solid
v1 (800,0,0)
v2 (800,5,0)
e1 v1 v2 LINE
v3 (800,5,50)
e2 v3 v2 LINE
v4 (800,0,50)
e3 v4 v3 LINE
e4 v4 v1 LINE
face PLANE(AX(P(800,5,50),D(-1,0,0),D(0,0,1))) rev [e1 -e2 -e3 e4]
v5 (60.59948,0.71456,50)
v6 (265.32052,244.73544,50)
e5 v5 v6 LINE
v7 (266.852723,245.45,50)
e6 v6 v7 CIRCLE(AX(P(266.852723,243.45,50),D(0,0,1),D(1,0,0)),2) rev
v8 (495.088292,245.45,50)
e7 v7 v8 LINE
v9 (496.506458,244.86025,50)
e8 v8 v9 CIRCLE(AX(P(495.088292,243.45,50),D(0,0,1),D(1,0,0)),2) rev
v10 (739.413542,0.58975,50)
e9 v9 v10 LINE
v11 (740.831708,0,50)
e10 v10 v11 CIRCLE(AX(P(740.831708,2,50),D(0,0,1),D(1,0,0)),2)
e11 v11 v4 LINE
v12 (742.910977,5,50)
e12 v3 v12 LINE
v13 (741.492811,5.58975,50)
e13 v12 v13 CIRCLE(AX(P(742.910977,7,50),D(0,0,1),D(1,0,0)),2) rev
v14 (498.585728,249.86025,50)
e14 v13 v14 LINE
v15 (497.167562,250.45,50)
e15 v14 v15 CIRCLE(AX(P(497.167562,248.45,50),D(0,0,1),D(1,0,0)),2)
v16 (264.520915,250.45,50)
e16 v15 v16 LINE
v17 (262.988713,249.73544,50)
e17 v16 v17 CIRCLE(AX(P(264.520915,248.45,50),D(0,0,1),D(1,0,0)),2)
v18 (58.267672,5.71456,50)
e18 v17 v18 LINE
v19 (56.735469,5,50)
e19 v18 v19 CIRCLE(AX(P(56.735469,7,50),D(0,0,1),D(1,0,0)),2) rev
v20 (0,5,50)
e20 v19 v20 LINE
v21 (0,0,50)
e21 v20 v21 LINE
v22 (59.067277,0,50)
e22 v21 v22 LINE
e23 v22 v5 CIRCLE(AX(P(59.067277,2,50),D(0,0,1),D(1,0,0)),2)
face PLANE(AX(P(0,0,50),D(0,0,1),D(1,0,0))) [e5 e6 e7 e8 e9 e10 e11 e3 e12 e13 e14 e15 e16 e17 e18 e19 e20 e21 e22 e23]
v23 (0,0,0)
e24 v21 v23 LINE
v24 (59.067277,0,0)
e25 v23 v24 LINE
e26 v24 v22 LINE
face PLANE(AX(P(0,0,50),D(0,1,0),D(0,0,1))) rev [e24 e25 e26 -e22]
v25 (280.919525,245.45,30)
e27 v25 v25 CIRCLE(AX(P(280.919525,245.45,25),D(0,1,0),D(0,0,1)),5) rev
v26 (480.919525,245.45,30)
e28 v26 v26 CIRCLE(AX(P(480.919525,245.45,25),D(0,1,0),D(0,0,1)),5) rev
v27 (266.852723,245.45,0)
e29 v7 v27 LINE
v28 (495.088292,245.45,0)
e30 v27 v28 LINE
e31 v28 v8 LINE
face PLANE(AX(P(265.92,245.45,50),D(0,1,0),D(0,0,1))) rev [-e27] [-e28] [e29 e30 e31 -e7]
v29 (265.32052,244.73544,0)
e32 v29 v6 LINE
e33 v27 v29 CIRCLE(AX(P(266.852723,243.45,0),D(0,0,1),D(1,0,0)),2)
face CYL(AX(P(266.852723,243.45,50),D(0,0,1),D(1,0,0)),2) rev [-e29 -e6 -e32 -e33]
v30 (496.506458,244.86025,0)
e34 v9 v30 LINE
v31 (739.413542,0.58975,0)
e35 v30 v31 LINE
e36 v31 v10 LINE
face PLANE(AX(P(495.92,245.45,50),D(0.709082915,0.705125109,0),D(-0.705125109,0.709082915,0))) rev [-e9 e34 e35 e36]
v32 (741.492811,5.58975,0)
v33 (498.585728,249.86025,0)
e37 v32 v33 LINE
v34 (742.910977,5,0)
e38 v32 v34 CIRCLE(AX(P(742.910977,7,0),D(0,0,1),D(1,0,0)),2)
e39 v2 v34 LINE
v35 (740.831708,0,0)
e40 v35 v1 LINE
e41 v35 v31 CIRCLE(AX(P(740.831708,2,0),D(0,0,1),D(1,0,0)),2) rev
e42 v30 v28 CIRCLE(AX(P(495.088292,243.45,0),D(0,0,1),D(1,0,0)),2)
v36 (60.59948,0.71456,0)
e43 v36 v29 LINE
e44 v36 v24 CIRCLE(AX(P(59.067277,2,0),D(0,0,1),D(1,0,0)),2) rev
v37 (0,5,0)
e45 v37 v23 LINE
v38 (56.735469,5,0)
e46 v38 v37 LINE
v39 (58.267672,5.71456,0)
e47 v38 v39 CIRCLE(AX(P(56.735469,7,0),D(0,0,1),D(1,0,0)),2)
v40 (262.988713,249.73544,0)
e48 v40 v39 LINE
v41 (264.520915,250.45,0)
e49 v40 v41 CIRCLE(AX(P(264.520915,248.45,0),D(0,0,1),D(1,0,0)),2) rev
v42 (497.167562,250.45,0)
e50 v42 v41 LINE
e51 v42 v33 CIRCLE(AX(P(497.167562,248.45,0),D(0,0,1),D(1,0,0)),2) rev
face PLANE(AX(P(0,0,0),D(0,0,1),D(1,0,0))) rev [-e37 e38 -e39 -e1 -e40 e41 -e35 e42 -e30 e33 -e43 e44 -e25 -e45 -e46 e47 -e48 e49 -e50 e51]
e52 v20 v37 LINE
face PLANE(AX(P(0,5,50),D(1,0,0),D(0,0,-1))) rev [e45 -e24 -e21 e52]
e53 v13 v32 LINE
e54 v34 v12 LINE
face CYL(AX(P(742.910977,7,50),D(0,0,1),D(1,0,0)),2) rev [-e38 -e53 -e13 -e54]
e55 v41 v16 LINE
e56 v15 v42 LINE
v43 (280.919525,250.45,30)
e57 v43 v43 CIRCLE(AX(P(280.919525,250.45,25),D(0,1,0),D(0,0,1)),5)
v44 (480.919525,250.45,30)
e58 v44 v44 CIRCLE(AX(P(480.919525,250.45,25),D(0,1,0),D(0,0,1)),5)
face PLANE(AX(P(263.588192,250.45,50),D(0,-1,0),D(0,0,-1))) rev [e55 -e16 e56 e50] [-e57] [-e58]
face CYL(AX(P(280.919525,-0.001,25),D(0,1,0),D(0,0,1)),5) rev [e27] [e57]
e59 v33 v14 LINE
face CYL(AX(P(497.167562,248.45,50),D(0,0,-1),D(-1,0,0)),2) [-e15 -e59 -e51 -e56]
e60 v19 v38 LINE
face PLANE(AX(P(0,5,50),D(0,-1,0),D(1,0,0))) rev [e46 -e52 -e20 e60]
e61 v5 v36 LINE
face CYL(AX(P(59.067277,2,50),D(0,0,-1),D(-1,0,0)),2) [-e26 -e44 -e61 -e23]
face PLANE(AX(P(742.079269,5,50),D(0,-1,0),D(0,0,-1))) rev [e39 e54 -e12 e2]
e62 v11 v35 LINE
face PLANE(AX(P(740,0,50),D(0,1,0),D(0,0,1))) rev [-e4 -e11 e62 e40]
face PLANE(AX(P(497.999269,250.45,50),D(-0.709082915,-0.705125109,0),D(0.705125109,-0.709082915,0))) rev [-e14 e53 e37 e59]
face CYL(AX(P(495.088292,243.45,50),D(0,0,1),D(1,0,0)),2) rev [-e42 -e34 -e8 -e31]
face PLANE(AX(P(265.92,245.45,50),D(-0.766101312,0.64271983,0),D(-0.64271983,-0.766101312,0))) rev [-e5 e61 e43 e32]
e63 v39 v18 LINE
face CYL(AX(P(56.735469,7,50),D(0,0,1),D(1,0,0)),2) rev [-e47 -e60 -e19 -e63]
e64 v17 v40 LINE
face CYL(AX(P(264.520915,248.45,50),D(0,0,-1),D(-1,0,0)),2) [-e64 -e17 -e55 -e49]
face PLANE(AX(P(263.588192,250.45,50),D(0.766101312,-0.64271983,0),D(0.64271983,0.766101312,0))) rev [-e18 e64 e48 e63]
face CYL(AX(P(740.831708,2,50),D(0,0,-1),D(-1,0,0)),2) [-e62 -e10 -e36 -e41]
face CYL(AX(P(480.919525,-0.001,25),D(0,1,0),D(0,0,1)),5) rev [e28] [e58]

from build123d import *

# Parameters (mm, degrees)
DODANIE_WYCI_GNI_CIE1_DEPTH = 50
ZAOKR_GLENIE1_R             = 2
WYTNIJ_WYCI_GNI_CIE1_REACH  = 841.777
SZKIC2_R                    = 5


with BuildPart() as part:
    # Szkic1 → Dodanie-wyciągnięcie1 (new body)
    with BuildSketch(Plane.XY):
        Polygon((0, 0), (60, 0), (265.92, 245.45), (495.92, 245.45), (740, 0), (800, 0), (800, 5), (742.079269467, 5), (497.999269467, 250.45), (263.588192414, 250.45), (57.668192414, 5), (0, 5), align=None)
    extrude(amount=DODANIE_WYCI_GNI_CIE1_DEPTH)

    # Zaokrąglenie1
    zaokr_glenie1_edges = [part.edges().sort_by_distance(p)[0] for p in [
        (57.668192414, 5, 25),
        (263.588192414, 250.45, 25),
        (497.999269467, 250.45, 25),
        (742.079269467, 5, 25),
        (740, 0, 25),
        (495.92, 245.45, 25),
        (265.92, 245.45, 25),
        (60, 0, 25),
    ]]
    fillet(zaokr_glenie1_edges, radius=ZAOKR_GLENIE1_R)

    # Szkic2 → Wytnij-wyciągnięcie1 (cut, up to next)
    with BuildSketch(Plane(origin=(0, 250.45, 0), x_dir=(1, 0, 0), z_dir=(0, 1, 0)), mode=Mode.PRIVATE) as wytnij_wyci_gni_cie1_sk1:
        with Locations(Location((480.919525398, -24.999999896, 0), (0, 0, 270))):
            Circle(SZKIC2_R)
    wytnij_wyci_gni_cie1_tool1 = extrude(wytnij_wyci_gni_cie1_sk1.sketch, amount=-WYTNIJ_WYCI_GNI_CIE1_REACH, mode=Mode.PRIVATE) & part.part
    # Szkic2 → Wytnij-wyciągnięcie1 (cut, up to next)
    with BuildSketch(Plane(origin=(0, 250.45, 0), x_dir=(1, 0, 0), z_dir=(0, 1, 0)), mode=Mode.PRIVATE) as wytnij_wyci_gni_cie1_sk2:
        with Locations(Location((280.919525398, -24.999999896, 0), (0, 0, 270))):
            Circle(SZKIC2_R)
    wytnij_wyci_gni_cie1_tool2 = extrude(wytnij_wyci_gni_cie1_sk2.sketch, amount=-WYTNIJ_WYCI_GNI_CIE1_REACH, mode=Mode.PRIVATE) & part.part
    add(wytnij_wyci_gni_cie1_tool1.solids().sort_by_distance((480.919525, 250.45, 25))[0], mode=Mode.SUBTRACT)
    add(wytnij_wyci_gni_cie1_tool2.solids().sort_by_distance((280.919525, 250.45, 25))[0], mode=Mode.SUBTRACT)


solid = part.part
